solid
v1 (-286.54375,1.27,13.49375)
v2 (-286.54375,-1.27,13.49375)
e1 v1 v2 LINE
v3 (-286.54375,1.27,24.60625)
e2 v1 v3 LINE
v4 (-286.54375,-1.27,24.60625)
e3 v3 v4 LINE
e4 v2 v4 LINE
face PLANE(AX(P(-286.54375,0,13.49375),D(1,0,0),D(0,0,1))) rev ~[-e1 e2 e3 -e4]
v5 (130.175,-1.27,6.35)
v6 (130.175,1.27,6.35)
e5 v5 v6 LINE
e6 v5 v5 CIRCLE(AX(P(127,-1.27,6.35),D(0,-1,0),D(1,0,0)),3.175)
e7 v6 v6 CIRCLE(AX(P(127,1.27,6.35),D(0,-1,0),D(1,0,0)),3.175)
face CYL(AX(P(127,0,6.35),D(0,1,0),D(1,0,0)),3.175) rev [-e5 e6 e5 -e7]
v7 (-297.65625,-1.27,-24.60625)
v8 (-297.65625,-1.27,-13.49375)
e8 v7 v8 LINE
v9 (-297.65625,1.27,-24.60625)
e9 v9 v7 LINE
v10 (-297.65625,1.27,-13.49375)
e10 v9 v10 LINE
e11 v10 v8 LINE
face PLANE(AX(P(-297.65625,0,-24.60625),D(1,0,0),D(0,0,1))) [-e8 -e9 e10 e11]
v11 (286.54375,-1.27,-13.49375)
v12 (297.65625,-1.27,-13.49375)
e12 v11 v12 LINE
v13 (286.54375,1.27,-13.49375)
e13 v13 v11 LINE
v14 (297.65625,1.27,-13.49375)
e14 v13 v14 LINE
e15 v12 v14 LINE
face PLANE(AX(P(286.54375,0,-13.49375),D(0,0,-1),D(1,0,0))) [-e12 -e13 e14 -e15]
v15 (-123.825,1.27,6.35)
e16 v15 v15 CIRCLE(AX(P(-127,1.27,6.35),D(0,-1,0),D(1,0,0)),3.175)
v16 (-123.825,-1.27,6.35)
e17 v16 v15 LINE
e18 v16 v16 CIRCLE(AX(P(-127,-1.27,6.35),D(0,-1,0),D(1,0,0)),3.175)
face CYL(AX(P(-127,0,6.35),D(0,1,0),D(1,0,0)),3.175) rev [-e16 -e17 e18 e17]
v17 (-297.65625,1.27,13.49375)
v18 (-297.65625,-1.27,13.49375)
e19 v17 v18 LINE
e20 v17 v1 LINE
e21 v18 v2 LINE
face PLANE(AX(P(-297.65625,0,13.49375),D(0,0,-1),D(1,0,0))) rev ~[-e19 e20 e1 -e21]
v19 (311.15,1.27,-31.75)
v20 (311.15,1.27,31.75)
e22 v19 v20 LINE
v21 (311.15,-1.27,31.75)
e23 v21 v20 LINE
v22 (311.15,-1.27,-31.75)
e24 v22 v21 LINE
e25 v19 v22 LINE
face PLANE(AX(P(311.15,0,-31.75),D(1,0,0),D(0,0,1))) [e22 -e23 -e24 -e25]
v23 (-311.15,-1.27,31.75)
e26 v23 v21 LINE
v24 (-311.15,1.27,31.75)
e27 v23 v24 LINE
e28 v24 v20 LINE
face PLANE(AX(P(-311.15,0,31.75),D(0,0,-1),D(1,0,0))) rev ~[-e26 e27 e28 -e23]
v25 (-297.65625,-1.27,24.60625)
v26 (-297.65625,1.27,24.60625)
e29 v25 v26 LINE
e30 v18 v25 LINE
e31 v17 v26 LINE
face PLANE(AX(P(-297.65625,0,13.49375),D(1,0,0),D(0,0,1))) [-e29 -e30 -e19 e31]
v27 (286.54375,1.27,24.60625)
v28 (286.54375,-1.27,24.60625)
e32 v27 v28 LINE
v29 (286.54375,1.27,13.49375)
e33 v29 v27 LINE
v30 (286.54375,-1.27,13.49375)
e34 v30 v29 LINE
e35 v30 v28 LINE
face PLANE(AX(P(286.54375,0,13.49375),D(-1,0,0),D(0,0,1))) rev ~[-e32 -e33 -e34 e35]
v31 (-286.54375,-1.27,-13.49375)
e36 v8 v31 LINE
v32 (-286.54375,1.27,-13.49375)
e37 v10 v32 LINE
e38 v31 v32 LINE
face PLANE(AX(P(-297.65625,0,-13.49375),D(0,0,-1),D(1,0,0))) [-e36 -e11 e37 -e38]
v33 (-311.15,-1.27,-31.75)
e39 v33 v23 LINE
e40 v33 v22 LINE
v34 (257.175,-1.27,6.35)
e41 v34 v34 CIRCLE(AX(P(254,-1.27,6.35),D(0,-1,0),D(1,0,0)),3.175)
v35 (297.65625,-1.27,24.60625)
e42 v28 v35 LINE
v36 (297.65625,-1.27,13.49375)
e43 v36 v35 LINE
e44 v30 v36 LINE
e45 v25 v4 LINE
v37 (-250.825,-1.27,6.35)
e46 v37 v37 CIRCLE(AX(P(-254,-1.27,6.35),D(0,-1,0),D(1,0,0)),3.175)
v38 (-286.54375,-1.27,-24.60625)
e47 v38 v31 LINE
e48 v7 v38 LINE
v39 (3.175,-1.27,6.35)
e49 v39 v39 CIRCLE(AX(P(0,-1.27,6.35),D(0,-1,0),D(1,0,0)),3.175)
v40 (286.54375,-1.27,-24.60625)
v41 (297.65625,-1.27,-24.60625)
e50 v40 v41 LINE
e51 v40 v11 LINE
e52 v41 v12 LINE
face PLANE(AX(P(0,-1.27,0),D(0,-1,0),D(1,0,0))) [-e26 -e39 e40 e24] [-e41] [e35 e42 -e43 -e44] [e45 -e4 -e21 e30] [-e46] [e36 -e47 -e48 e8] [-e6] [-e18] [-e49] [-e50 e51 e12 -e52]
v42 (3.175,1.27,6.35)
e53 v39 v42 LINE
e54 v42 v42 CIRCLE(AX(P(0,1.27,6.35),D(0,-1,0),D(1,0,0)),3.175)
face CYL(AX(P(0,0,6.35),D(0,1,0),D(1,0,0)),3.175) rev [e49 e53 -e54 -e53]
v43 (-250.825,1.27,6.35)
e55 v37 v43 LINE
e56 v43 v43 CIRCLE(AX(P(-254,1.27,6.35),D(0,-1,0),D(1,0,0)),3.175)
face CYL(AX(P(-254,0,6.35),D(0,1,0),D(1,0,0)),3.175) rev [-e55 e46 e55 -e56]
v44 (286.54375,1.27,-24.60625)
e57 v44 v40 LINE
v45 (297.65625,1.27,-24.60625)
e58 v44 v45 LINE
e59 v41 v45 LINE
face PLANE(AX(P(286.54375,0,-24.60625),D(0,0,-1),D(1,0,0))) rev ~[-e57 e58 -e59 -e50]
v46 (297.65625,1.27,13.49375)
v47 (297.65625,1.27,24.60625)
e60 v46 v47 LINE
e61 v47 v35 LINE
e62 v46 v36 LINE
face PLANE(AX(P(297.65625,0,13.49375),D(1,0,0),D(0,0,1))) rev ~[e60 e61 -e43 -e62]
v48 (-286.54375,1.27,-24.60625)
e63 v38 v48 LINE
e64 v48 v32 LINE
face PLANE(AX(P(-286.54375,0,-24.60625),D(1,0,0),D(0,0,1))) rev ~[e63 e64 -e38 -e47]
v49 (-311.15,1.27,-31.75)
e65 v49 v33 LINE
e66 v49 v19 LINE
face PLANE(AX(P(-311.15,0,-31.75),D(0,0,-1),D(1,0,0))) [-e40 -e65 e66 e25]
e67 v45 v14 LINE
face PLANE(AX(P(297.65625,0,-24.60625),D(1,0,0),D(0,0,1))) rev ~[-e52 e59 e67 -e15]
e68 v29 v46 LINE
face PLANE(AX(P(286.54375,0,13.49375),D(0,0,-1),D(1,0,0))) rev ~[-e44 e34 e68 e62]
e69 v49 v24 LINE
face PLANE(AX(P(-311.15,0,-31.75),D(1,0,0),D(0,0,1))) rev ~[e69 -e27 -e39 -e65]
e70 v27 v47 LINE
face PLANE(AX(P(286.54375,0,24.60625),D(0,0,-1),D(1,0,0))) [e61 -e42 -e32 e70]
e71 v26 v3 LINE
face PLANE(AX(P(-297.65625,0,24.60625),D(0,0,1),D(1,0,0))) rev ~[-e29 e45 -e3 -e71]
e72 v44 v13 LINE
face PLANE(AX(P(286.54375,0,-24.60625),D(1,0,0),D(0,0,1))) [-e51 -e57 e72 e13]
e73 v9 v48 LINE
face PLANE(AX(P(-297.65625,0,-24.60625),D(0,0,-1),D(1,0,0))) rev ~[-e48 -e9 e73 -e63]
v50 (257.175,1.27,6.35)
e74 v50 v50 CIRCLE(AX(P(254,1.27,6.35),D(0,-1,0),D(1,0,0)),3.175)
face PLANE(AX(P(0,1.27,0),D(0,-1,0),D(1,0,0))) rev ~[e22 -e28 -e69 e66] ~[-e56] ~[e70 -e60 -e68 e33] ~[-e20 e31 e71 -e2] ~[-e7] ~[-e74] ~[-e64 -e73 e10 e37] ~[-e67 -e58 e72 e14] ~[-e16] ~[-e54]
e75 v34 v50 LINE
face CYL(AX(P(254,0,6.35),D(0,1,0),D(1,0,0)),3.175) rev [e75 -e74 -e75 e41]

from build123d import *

# Parameters (mm, degrees)
F0_W     = 622.3
F0_H     = 63.5
F0_W_2   = 11.1125
F0_H_2   = 11.1125
F0_R     = 3.175
F1_DEPTH = 1.27


with BuildPart() as f1:
    # F0 (on Front) → F1 (new body, symmetric)
    with BuildSketch(Plane.XZ):
        Rectangle(F0_W, F0_H)
        with Locations((-292.1, -19.05)):
            Rectangle(F0_W_2, F0_H_2, mode=Mode.SUBTRACT)
        with Locations((292.1, -19.05)):
            Rectangle(F0_W_2, F0_H_2, mode=Mode.SUBTRACT)
        with Locations((-254, 6.35)):
            Circle(F0_R, mode=Mode.SUBTRACT)
        with Locations((-127, 6.35)):
            Circle(F0_R, mode=Mode.SUBTRACT)
        with Locations((-292.1, 19.05)):
            Rectangle(F0_W_2, F0_H_2, mode=Mode.SUBTRACT)
        with Locations((0, 6.35)):
            Circle(F0_R, mode=Mode.SUBTRACT)
        with Locations((127, 6.35)):
            Circle(F0_R, mode=Mode.SUBTRACT)
        with Locations((254, 6.35)):
            Circle(F0_R, mode=Mode.SUBTRACT)
        with Locations((292.1, 19.05)):
            Rectangle(F0_W_2, F0_H_2, mode=Mode.SUBTRACT)
    extrude(amount=F1_DEPTH, both=True)


solid = f1.part
